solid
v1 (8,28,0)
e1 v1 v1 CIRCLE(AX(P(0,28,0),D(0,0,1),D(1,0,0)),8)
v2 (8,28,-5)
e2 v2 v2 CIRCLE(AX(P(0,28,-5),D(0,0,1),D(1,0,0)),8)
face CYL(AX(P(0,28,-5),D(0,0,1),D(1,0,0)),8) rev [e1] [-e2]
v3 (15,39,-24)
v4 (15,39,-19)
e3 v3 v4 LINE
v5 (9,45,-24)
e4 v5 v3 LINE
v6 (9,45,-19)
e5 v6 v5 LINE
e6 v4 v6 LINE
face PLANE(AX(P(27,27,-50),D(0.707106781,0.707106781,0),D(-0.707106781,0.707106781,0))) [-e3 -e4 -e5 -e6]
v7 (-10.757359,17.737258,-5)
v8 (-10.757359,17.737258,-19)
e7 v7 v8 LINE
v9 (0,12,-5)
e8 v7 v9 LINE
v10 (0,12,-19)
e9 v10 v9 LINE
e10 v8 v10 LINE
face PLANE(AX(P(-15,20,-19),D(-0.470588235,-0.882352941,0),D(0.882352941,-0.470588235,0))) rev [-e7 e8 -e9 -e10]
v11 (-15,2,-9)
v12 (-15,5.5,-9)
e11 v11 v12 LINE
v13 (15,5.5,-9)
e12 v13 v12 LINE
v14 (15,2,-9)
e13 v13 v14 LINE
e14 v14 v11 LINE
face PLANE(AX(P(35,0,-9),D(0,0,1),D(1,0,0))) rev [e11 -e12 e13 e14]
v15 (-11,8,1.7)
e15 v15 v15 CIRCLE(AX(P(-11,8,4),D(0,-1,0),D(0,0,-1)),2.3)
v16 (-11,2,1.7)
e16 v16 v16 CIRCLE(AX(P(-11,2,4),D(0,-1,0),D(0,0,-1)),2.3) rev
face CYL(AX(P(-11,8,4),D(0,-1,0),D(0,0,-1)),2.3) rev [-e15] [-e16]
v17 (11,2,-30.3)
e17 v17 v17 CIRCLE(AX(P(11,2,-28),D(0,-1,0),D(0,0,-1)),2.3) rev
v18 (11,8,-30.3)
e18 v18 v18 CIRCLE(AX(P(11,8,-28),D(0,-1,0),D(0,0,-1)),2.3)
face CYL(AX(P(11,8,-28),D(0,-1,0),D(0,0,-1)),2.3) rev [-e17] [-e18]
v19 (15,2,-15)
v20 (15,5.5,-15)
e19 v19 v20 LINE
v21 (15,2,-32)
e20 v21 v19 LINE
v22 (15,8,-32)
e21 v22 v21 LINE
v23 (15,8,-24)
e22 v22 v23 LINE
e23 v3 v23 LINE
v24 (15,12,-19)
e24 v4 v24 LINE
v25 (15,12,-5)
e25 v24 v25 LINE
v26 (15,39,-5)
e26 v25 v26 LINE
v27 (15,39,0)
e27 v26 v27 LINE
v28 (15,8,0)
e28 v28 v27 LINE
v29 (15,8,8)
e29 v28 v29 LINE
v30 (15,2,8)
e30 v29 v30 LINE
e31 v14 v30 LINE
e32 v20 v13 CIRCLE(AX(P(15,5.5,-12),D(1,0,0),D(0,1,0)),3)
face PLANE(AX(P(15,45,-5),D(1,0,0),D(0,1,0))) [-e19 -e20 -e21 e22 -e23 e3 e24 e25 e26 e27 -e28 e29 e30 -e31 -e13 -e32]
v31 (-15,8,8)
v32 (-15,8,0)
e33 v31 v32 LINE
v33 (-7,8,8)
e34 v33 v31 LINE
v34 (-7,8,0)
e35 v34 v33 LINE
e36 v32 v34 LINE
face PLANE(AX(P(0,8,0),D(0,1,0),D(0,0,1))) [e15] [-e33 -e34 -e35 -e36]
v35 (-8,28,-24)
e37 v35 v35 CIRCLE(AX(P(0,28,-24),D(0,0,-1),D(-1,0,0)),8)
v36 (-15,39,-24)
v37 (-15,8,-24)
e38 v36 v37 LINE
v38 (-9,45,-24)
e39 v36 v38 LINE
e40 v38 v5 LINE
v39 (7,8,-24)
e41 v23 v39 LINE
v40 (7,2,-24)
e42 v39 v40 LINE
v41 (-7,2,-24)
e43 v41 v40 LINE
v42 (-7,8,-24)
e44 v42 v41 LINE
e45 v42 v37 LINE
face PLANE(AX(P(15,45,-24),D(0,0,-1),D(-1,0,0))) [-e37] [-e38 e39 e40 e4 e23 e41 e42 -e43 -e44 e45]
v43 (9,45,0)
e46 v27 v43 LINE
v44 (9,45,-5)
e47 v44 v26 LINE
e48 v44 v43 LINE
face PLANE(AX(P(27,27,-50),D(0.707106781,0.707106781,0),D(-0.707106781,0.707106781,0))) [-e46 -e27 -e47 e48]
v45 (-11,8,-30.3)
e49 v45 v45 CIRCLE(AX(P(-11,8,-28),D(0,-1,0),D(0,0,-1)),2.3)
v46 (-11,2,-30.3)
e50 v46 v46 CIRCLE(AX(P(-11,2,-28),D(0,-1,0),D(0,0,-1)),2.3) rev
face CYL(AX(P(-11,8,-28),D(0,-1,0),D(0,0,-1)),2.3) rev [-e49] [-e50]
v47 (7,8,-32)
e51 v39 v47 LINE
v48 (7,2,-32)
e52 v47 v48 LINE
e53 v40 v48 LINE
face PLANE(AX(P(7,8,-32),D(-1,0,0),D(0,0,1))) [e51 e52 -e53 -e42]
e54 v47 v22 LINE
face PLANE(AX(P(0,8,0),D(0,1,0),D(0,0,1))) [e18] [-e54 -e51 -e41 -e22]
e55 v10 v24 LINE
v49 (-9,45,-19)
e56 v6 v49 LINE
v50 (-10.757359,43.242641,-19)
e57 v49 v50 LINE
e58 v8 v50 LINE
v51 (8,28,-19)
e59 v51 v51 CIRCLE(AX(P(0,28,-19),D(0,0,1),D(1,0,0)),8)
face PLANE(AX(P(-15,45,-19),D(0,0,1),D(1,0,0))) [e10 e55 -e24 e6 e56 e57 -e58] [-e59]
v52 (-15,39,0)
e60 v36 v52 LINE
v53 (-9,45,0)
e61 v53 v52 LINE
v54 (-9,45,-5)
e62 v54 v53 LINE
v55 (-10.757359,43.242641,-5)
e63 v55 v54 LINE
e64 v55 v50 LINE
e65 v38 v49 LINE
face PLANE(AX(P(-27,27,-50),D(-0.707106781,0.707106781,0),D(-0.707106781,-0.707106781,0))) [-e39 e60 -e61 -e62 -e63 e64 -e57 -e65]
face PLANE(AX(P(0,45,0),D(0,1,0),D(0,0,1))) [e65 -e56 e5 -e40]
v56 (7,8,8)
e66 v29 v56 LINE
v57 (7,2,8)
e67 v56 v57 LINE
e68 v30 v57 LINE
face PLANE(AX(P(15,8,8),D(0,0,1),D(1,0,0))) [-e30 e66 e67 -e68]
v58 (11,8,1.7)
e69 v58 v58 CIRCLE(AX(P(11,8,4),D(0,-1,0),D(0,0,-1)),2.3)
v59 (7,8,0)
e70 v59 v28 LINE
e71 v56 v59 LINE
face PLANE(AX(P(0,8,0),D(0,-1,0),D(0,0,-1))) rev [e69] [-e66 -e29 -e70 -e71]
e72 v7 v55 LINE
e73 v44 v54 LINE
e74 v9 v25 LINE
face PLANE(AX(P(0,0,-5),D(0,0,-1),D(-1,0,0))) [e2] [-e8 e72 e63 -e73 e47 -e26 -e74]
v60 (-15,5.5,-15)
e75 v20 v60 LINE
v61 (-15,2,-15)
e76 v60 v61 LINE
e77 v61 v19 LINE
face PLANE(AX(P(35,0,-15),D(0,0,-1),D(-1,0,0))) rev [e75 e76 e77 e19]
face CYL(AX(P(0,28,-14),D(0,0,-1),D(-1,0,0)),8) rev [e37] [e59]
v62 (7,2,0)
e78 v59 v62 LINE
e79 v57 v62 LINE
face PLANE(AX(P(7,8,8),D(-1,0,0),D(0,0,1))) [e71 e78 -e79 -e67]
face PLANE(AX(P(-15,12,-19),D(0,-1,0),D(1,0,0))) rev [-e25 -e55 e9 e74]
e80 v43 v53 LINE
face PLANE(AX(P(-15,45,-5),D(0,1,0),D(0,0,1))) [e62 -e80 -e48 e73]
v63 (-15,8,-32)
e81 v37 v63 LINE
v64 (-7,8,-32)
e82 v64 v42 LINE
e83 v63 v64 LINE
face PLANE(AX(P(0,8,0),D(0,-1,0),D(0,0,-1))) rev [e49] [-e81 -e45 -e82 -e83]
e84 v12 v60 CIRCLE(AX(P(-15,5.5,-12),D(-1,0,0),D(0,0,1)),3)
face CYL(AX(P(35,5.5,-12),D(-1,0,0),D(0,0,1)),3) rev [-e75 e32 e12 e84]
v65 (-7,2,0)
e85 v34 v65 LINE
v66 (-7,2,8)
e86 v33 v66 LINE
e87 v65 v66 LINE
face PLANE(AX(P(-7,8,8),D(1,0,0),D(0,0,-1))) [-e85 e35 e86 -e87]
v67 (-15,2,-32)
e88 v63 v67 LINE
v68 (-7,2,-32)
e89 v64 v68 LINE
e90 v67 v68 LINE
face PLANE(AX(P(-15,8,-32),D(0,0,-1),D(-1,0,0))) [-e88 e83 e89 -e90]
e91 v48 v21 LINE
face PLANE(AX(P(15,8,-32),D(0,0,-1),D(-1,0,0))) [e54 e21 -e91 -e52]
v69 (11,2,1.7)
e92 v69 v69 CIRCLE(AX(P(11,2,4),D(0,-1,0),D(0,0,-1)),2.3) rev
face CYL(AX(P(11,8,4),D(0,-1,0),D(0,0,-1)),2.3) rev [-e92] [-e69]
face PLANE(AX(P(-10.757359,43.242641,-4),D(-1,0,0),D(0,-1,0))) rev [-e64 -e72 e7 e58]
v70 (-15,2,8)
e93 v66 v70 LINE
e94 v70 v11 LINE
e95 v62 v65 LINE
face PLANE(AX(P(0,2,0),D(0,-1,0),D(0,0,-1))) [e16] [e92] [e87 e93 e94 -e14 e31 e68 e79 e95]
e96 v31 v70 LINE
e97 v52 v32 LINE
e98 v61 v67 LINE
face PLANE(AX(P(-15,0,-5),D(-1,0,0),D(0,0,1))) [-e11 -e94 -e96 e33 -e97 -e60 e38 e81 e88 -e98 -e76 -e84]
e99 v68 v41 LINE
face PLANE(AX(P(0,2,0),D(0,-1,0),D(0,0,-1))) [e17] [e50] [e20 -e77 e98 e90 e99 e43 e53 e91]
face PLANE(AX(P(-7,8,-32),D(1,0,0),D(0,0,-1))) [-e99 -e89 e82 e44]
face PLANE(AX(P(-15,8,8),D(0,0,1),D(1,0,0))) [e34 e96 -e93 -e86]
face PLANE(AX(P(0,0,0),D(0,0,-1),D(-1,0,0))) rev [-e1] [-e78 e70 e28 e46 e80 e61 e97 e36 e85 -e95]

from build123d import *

# Parameters (mm, degrees)
ESQUISSE1_R             = 8
BOSS_EXTRU_1_DEPTH      = 5
ESQUISSE2_W             = 30
ESQUISSE2_H             = 12
BOSS_EXTRU_2_DEPTH      = 14
ESQUISSE4_W             = 30
ESQUISSE4_H             = 5
BOSS_EXTRU_3_DEPTH      = 45
ENL_V_START             = -10
ESQUISSE6_R             = 8
ENL_V_MAT_EXTRU_3_DEPTH = 10
ESQUISSE8_W             = 8
ESQUISSE8_H             = 8
ESQUISSE8_R             = 2.3
BOSS_EXTRU_4_DEPTH      = 8
ENL_V_MAT_EXTRU_4_DEPTH = 2
ENL_V_MAT_EXTRU_5_DEPTH = 50
ENL_V_MAT_EXTRU_6_DEPTH = 50
BOSS_EXTRU_5_DEPTH      = 14
BOSS_EXTRU_7_DEPTH      = 15


with BuildPart() as part:
    # Esquisse1 → Boss.-Extru.1 (new body)
    with BuildSketch(Plane.XY):
        Polygon((0, 0), (15, 0), (15, 45), (-15, 45), (-15, 0), align=None)
        with Locations((0, 28)):
            Circle(ESQUISSE1_R, mode=Mode.SUBTRACT)
    extrude(amount=-BOSS_EXTRU_1_DEPTH)

    # Esquisse2 → Boss.-Extru.2 (add)
    with BuildSketch(Plane(origin=(0, 0, -5), x_dir=(-1, 0, 0), z_dir=(0, 0, -1))):
        with Locations((0, 6)):
            Rectangle(ESQUISSE2_W, ESQUISSE2_H)
    extrude(amount=BOSS_EXTRU_2_DEPTH)

    # Esquisse4 → Boss.-Extru.3 (add)
    with BuildSketch(Plane.XZ):
        with Locations((0, -21.5)):
            Rectangle(ESQUISSE4_W, ESQUISSE4_H)
    extrude(amount=-BOSS_EXTRU_3_DEPTH)

    # Esquisse6 → Enlèv. mat.-Extru.3 (cut)
    with BuildSketch(Plane(origin=(0, 0, -24), x_dir=(-1, 0, 0), z_dir=(0, 0, -1)).offset(ENL_V_START)):
        with Locations(Location((0, 28, 0), (0, 0, 180))):
            Circle(ESQUISSE6_R)
    extrude(amount=ENL_V_MAT_EXTRU_3_DEPTH, mode=Mode.SUBTRACT)

    # Esquisse8 → Boss.-Extru.4 (add)
    # profile 1 of 4: a face of its own
    with BuildSketch(Plane.XZ):
        with Locations((-11, 4)):
            Rectangle(ESQUISSE8_W, ESQUISSE8_H)
        with Locations(Location((-11, 4, 0), (0, 0, 270))):
            Circle(ESQUISSE8_R, mode=Mode.SUBTRACT)
    # profile 2 of 4: a face of its own
    with BuildSketch(Plane.XZ):
        with Locations((11, 4)):
            Rectangle(ESQUISSE8_W, ESQUISSE8_H)
        with Locations(Location((11, 4, 0), (0, 0, 270))):
            Circle(ESQUISSE8_R, mode=Mode.SUBTRACT)
    # profile 3 of 4: a face of its own
    with BuildSketch(Plane.XZ):
        with Locations((-11, -28)):
            Rectangle(ESQUISSE8_W, ESQUISSE8_H)
        with Locations(Location((-11, -28, 0), (0, 0, 270))):
            Circle(ESQUISSE8_R, mode=Mode.SUBTRACT)
    # profile 4 of 4: a face of its own
    with BuildSketch(Plane.XZ):
        with Locations((11, -28)):
            Rectangle(ESQUISSE8_W, ESQUISSE8_H)
        with Locations(Location((11, -28, 0), (0, 0, 270))):
            Circle(ESQUISSE8_R, mode=Mode.SUBTRACT)
    extrude(amount=-BOSS_EXTRU_4_DEPTH)

    # Esquisse9 → Enlèv. mat.-Extru.4 (cut)
    with BuildSketch(Plane.XZ):
        Polygon((-15, 8), (-15, -32), (-7, -32), (-7, -24), (7, -24), (7, -32), (15, -32), (15, 8), (7, 8), (7, 0), (-7, 0), (-7, 8), align=None)
    extrude(amount=-ENL_V_MAT_EXTRU_4_DEPTH, mode=Mode.SUBTRACT)

    # Esquisse10 → Enlèv. mat.-Extru.5 (cut)
    with BuildSketch(Plane.ZY.offset(15)):
        with BuildLine():
            Line((-15, 2), (-9, 2))
            Line((-9, 2), (-9, 5.5))
            ThreePointArc((-9, 5.5), (-12, 8.5), (-15, 5.5))
            Line((-15, 5.5), (-15, 2))
        make_face()
    extrude(amount=-ENL_V_MAT_EXTRU_5_DEPTH, mode=Mode.SUBTRACT)

    # Esquisse11 → Enlèv. mat.-Extru.6 (cut)
    with BuildSketch(Plane.XY):
        Polygon((-9, 45), (-15, 45), (-15, 39), align=None)
        Polygon((15, 45), (9, 45), (15, 39), align=None)
    extrude(amount=-ENL_V_MAT_EXTRU_6_DEPTH, mode=Mode.SUBTRACT)

    # Esquisse12 → Boss.-Extru.5 (add)
    with BuildSketch(Plane(origin=(0, 0, -5), x_dir=(-1, 0, 0), z_dir=(0, 0, -1))):
        Polygon((0, 12), (15, 12), (15, 20), align=None)
    extrude(amount=BOSS_EXTRU_5_DEPTH)

    # Esquisse13 → Boss.-Extru.7 (add)
    with BuildSketch(Plane.XY.offset(-19)):
        Polygon((-15, 20), (-15, 39), (-10.757359313, 43.242640687), (-10.757359313, 17.084037873), align=None)
    extrude(amount=BOSS_EXTRU_7_DEPTH)


solid = part.part
